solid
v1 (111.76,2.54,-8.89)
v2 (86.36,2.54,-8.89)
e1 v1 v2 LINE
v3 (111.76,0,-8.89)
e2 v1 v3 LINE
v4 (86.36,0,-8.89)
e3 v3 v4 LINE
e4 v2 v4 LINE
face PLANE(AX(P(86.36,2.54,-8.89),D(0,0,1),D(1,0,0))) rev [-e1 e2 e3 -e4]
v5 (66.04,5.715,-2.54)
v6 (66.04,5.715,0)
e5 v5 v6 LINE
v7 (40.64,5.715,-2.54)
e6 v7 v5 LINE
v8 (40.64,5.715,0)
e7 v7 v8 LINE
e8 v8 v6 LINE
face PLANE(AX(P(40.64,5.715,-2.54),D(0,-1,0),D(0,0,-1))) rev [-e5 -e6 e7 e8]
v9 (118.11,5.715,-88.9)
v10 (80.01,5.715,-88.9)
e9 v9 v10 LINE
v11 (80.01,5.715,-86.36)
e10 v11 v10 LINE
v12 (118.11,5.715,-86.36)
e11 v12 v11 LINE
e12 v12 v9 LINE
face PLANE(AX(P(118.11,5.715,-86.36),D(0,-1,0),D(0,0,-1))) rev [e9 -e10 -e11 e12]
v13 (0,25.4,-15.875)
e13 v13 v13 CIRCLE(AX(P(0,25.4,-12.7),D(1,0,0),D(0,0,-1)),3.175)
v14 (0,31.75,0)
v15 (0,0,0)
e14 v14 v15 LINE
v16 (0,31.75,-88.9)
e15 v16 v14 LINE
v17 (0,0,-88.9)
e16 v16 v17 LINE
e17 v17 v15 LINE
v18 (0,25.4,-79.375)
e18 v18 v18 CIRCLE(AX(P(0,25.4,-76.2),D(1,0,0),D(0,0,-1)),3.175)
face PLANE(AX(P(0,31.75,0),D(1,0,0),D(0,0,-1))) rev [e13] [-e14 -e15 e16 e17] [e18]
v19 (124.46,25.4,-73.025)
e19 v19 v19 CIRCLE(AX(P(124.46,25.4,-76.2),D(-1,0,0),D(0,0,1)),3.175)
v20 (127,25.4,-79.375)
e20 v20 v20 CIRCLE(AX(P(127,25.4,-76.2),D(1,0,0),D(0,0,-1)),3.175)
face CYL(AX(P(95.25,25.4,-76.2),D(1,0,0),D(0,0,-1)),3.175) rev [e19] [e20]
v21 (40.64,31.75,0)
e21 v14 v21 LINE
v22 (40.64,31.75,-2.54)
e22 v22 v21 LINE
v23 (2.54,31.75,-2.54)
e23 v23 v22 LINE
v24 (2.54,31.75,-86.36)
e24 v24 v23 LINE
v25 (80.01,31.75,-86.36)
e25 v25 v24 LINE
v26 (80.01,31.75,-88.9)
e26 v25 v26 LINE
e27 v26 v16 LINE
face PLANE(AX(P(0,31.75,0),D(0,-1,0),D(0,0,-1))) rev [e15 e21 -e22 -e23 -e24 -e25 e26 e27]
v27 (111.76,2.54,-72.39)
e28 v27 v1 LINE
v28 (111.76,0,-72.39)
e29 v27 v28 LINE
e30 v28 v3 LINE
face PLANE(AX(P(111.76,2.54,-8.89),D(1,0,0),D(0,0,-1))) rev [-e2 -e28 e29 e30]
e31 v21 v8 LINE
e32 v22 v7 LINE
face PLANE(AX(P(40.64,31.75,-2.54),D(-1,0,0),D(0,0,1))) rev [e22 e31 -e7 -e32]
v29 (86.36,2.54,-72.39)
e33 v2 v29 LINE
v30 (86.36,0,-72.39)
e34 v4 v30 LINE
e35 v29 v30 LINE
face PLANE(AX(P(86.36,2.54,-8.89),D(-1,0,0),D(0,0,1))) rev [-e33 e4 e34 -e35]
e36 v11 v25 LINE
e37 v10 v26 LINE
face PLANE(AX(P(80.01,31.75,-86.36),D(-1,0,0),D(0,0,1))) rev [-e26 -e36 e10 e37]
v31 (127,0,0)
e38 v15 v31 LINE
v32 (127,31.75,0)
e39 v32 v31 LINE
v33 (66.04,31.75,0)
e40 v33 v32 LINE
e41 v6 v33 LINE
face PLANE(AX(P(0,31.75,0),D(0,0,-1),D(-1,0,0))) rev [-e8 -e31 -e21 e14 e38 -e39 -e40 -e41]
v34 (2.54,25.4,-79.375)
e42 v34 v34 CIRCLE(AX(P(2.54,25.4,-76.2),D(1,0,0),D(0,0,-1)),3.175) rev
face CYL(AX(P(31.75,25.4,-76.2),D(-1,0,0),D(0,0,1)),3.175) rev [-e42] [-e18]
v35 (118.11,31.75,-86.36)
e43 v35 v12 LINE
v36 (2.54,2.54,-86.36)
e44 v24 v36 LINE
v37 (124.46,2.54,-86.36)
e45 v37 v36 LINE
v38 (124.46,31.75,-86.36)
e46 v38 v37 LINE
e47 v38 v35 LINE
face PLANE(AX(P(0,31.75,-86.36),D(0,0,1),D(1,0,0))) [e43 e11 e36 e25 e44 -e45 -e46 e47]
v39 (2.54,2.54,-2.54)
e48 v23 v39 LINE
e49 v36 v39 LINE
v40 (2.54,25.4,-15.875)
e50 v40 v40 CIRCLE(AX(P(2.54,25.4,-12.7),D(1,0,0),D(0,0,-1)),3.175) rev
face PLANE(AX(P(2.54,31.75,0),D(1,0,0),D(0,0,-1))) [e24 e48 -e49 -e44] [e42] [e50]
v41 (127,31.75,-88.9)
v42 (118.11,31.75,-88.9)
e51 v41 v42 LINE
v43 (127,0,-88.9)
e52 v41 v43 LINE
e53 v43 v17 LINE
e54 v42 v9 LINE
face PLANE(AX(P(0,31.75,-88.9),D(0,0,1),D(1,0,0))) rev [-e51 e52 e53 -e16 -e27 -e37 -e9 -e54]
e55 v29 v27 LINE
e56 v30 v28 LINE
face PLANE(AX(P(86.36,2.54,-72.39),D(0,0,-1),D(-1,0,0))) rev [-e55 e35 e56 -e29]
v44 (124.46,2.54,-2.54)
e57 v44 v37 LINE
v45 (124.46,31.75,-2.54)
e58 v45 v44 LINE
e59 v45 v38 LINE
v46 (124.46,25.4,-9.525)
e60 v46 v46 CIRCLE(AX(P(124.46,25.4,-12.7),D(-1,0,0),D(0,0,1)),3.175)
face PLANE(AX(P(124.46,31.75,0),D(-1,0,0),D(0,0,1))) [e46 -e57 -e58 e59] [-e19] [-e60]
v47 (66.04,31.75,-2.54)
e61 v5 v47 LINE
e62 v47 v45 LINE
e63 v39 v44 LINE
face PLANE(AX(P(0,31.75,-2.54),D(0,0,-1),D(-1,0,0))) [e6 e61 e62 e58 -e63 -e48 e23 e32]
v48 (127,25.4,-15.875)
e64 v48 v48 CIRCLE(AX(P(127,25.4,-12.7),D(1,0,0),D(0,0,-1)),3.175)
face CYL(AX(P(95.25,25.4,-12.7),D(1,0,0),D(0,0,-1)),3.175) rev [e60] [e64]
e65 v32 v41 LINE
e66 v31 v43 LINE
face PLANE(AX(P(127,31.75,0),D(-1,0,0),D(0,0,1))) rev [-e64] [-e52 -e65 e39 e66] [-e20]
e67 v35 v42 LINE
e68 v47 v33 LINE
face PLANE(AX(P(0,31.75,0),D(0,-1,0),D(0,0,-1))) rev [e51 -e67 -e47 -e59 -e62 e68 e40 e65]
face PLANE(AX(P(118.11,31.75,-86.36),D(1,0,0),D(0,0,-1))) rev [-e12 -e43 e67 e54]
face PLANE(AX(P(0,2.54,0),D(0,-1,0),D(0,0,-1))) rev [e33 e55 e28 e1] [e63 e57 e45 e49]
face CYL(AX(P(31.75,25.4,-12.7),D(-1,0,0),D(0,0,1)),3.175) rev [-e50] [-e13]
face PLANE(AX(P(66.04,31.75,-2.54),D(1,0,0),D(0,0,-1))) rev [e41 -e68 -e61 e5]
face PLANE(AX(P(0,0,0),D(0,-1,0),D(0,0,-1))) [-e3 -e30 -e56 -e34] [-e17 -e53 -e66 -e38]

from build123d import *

# Parameters (mm, degrees)
SKETCH1_W           = 127
SKETCH1_H           = 88.9
BOSS_EXTRUDE1_DEPTH = 31.75
SHELL1_T            = -2.54
SKETCH3_R           = 3.175
CUT_EXTRUDE2_DEPTH  = 31.75
SKETCH4_W           = 38.1
SKETCH4_H           = 26.035
CUT_EXTRUDE3_DEPTH  = 2.54
SKETCH5_W           = 25.4
SKETCH5_H           = 26.035
CUT_EXTRUDE4_DEPTH  = 2.54
SKETCH6_W           = 25.4
SKETCH6_H           = 63.5
CUT_EXTRUDE5_DEPTH  = 2.54


with BuildPart() as part:
    # Sketch1 → Boss-Extrude1 (new body)
    with BuildSketch(Plane(origin=(0, 0, 0), x_dir=(1, 0, 0), z_dir=(0, 1, 0))):
        with Locations((63.5, 44.45)):
            Rectangle(SKETCH1_W, SKETCH1_H)
    extrude(amount=BOSS_EXTRUDE1_DEPTH)

    # Shell1
    shell1_openings = [part.faces().sort_by_distance(p)[0] for p in [
        (63.5, 31.75, -44.45),
    ]]
    offset(amount=SHELL1_T, openings=shell1_openings, kind=Kind.INTERSECTION)

    # Sketch3 → Cut-Extrude2 (cut)
    with BuildSketch(Plane(origin=(127, 0, 0), x_dir=(0, 0, -1), z_dir=(1, 0, 0))):
        with Locations((12.7, 25.4)):
            Circle(SKETCH3_R)
        with Locations((76.2, 25.4)):
            Circle(SKETCH3_R)
    cut_extrude2 = extrude(amount=-CUT_EXTRUDE2_DEPTH, mode=Mode.SUBTRACT)

    # Mirror2: Cut-Extrude2 across plane
    add(cut_extrude2.mirror(Plane(origin=(63.5, 0, 0), x_dir=(0, 0, 1), z_dir=(1, 0, 0))), mode=Mode.SUBTRACT)

    # Sketch4 → Cut-Extrude3 (cut)
    with BuildSketch(Plane(origin=(0, 0, -88.9), x_dir=(-1, 0, 0), z_dir=(0, 0, -1))):
        with Locations((-99.06, 18.7325)):
            Rectangle(SKETCH4_W, SKETCH4_H)
    extrude(amount=-CUT_EXTRUDE3_DEPTH, mode=Mode.SUBTRACT)

    # Sketch5 → Cut-Extrude4 (cut)
    with BuildSketch(Plane.XY):
        with Locations((53.34, 18.7325)):
            Rectangle(SKETCH5_W, SKETCH5_H)
    extrude(amount=-CUT_EXTRUDE4_DEPTH, mode=Mode.SUBTRACT)

    # Sketch6 → Cut-Extrude5 (cut)
    with BuildSketch(Plane.XZ):
        with Locations((99.06, -40.64)):
            Rectangle(SKETCH6_W, SKETCH6_H)
    extrude(amount=-CUT_EXTRUDE5_DEPTH, mode=Mode.SUBTRACT)


solid = part.part
